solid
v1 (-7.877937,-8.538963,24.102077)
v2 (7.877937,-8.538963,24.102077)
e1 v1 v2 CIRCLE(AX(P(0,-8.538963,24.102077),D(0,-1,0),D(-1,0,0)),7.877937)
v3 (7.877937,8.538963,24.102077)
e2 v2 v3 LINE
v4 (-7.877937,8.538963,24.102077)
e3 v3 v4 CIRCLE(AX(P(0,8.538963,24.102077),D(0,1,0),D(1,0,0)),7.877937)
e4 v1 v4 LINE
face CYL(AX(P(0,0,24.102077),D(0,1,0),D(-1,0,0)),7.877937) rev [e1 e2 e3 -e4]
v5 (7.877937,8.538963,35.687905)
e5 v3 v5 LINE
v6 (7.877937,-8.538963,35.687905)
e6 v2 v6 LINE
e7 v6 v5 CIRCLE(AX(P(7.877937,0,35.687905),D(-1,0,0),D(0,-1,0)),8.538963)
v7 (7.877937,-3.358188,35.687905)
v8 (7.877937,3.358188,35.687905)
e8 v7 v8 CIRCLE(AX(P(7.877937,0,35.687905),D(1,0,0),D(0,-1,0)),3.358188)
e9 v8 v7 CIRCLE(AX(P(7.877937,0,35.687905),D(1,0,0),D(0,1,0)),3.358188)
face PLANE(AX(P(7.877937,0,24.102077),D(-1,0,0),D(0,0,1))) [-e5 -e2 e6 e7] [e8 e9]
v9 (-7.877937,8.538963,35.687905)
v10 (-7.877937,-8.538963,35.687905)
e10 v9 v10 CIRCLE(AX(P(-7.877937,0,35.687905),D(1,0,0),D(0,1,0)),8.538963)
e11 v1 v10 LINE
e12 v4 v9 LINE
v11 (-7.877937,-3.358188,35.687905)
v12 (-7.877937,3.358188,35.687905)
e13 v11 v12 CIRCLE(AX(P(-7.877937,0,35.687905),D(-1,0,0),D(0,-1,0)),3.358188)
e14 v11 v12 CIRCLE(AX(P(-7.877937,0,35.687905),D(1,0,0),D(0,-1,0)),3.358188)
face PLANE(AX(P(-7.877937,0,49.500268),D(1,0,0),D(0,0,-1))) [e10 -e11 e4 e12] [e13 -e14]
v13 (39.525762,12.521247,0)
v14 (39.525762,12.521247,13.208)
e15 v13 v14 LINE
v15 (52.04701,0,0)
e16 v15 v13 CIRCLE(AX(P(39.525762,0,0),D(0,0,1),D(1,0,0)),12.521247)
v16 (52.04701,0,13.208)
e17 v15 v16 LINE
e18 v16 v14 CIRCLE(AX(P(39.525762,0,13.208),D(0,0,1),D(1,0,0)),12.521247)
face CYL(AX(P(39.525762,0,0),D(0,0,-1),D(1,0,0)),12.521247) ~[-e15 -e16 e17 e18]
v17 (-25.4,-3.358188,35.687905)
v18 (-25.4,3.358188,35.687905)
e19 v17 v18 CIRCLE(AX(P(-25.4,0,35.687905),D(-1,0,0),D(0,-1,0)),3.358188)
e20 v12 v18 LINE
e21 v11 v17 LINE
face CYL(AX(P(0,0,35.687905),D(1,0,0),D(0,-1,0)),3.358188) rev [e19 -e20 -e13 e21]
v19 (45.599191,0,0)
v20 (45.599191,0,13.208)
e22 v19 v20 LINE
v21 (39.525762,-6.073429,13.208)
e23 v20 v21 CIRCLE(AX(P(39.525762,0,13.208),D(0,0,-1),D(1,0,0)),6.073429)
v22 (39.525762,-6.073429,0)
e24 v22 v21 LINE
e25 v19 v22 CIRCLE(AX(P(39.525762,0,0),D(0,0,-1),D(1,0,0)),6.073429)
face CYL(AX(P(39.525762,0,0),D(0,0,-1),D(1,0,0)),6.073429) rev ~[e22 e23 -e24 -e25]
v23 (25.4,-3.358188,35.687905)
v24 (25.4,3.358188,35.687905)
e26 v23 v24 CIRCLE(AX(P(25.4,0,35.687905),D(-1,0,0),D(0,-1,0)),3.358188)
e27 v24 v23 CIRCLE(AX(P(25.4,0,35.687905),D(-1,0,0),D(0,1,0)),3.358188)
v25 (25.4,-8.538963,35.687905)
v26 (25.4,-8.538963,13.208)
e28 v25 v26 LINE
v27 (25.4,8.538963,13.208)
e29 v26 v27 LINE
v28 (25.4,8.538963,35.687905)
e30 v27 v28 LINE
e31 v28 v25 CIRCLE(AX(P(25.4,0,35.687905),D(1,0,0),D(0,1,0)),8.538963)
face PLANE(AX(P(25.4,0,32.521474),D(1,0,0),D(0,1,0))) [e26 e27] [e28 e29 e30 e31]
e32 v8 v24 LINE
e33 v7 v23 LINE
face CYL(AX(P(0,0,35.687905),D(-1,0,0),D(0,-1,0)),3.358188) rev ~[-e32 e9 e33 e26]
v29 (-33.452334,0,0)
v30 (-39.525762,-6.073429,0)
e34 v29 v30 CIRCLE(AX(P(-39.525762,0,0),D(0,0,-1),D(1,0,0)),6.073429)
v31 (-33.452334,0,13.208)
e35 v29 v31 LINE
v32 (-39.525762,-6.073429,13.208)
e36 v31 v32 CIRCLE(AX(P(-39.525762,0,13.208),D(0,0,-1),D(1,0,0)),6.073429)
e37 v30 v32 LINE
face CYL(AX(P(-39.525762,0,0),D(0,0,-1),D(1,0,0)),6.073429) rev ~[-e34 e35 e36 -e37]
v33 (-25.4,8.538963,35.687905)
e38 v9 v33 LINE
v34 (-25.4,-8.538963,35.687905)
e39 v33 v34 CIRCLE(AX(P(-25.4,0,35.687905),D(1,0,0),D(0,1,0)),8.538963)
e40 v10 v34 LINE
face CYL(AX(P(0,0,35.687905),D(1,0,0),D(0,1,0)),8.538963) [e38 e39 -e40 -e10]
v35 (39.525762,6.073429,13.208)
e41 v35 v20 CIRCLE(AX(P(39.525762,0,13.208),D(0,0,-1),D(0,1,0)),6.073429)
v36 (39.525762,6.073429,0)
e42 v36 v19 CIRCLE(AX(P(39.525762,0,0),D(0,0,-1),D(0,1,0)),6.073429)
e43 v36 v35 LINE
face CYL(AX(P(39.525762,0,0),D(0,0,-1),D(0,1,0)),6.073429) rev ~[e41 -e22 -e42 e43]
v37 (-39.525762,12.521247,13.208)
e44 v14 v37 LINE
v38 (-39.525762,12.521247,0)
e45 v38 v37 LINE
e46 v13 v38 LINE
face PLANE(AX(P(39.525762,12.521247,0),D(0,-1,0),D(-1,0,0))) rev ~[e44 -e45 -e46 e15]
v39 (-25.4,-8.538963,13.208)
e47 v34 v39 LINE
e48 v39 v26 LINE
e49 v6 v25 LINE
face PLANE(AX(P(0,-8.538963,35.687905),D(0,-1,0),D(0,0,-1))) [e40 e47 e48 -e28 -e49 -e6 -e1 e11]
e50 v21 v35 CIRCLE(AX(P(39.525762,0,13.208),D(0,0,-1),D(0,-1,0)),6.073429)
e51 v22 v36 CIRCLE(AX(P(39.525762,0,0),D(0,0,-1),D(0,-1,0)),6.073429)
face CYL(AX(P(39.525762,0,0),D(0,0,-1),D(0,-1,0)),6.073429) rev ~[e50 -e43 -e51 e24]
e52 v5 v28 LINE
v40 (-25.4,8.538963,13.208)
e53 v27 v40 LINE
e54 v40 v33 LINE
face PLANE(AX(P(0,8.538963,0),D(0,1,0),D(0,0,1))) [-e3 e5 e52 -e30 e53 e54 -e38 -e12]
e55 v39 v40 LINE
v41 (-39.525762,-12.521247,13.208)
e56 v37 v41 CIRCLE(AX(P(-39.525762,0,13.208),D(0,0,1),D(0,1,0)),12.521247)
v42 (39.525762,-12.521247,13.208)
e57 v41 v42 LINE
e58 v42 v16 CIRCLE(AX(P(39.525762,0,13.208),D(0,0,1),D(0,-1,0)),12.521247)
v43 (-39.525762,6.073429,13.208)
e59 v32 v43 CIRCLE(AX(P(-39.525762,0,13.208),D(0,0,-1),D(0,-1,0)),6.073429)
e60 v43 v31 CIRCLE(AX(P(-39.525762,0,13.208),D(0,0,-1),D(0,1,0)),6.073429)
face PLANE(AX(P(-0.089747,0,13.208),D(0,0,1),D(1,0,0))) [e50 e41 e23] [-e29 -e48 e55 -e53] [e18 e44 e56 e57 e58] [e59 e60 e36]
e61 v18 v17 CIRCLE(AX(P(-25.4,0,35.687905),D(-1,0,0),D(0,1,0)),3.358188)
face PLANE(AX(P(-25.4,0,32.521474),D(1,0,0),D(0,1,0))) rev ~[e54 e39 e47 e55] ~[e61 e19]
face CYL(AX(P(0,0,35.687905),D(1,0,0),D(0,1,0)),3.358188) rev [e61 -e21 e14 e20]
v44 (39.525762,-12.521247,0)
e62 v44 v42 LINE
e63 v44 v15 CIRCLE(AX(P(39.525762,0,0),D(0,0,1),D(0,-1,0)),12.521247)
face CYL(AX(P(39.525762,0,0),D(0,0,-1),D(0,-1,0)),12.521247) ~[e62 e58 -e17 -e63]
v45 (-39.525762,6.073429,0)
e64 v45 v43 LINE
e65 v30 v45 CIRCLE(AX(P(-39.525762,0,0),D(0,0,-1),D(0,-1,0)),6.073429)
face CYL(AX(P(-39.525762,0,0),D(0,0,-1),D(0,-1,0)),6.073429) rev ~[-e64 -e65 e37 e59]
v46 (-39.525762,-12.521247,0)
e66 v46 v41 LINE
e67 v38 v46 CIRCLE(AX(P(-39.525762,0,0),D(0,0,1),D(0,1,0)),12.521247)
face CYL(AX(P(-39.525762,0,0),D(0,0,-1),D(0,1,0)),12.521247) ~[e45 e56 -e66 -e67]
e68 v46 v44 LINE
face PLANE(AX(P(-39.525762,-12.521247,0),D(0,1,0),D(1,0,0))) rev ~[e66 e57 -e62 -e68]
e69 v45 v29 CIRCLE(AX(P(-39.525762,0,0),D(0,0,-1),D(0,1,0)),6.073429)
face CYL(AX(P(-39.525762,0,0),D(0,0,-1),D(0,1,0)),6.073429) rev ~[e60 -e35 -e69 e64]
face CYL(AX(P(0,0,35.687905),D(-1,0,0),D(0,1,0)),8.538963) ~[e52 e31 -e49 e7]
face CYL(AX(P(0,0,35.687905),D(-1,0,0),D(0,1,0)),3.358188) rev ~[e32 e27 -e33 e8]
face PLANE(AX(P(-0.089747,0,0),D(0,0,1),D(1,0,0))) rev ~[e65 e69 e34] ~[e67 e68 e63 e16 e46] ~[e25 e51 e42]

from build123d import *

# Parameters (mm, degrees)
F1_DEPTH = 13.208
F3_DEPTH = 25.4
F4_DEPTH = 25.4
F6_DEPTH = 25.4
F7_DEPTH = 25.4


with BuildPart() as f1:
    # F0 (on Top) → F1 (new body)
    with BuildSketch(Plane.XY):
        with BuildLine():
            ThreePointArc((39.5257622004, -12.5212473795), (27.0045148209, 0), (39.5257622004, 12.5212473795))
            Line((39.5257622004, 12.5212473795), (-39.5257622004, 12.5212473795))
            ThreePointArc((-39.5257622004, 12.5212473795), (-30.6719032694, 8.8538589309), (-27.0045148209, 0))
            ThreePointArc((-27.0045148209, 0), (-30.6719032694, -8.8538589309), (-39.5257622004, -12.5212473795))
            Line((-39.5257622004, -12.5212473795), (39.5257622004, -12.5212473795))
        make_face()
        with BuildLine():
            ThreePointArc((52.0470095798, 0), (48.3796211313, 8.8538589309), (39.5257622004, 12.5212473795))
            Line((39.5257622004, 12.5212473795), (39.5257622004, 6.073428591))
            ThreePointArc((39.5257622004, 6.073428591), (43.8203247421, 4.2945625417), (45.5991907913, 0))
            ThreePointArc((45.5991907913, 0), (43.8203247421, -4.2945625417), (39.5257622004, -6.073428591))
            Line((39.5257622004, -6.073428591), (39.5257622004, -12.5212473795))
            ThreePointArc((39.5257622004, -12.5212473795), (48.3796211313, -8.8538589309), (52.0470095798, 0))
        make_face()
        with BuildLine():
            Line((39.5257622004, 6.073428591), (39.5257622004, 12.5212473795))
            ThreePointArc((39.5257622004, 12.5212473795), (27.0045148209, 0), (39.5257622004, -12.5212473795))
            Line((39.5257622004, -12.5212473795), (39.5257622004, -6.073428591))
            ThreePointArc((39.5257622004, -6.073428591), (33.4523336094, 0), (39.5257622004, 6.073428591))
        make_face()
        with BuildLine():
            ThreePointArc((-27.0045148209, 0), (-30.6719032694, 8.8538589309), (-39.5257622004, 12.5212473795))
            Line((-39.5257622004, 12.5212473795), (-39.5257622004, 6.073428591))
            ThreePointArc((-39.5257622004, 6.073428591), (-35.2311996586, 4.2945625417), (-33.4523336094, 0))
            ThreePointArc((-33.4523336094, 0), (-35.2311996586, -4.2945625417), (-39.5257622004, -6.073428591))
            Line((-39.5257622004, -6.073428591), (-39.5257622004, -12.5212473795))
            ThreePointArc((-39.5257622004, -12.5212473795), (-30.6719032694, -8.8538589309), (-27.0045148209, 0))
        make_face()
        with BuildLine():
            Line((-39.5257622004, 6.073428591), (-39.5257622004, 12.5212473795))
            ThreePointArc((-39.5257622004, 12.5212473795), (-52.0470095798, 0), (-39.5257622004, -12.5212473795))
            Line((-39.5257622004, -12.5212473795), (-39.5257622004, -6.073428591))
            ThreePointArc((-39.5257622004, -6.073428591), (-45.5991907913, 0), (-39.5257622004, 6.073428591))
        make_face()
    extrude(amount=F1_DEPTH)

    # F2 (on Right) → F3 (join)
    with BuildSketch(Plane.YZ):
        with BuildLine():
            Line((8.5389625284, 35.6879048049), (3.3581880853, 35.6879048049))
            ThreePointArc((3.3581880853, 35.6879048049), (0, 32.3297167197), (-3.3581880853, 35.6879048049))
            Line((-3.3581880853, 35.6879048049), (-8.5389625284, 35.6879048049))
            ThreePointArc((-8.5389625284, 35.6879048049), (0, 27.1489422766), (8.5389625284, 35.6879048049))
        make_face()
        with BuildLine():
            ThreePointArc((-3.3581880853, 35.6879048049), (0, 39.0460928902), (3.3581880853, 35.6879048049))
            Line((3.3581880853, 35.6879048049), (8.5389625284, 35.6879048049))
            ThreePointArc((8.5389625284, 35.6879048049), (0, 44.2268673333), (-8.5389625284, 35.6879048049))
            Line((-8.5389625284, 35.6879048049), (-3.3581880853, 35.6879048049))
        make_face()
        with BuildLine():
            Line((8.5389625284, 0), (8.5389625284, 35.6879048049))
            ThreePointArc((8.5389625284, 35.6879048049), (0, 27.1489422766), (-8.5389625284, 35.6879048049))
            Line((-8.5389625284, 35.6879048049), (-8.5389625284, 0))
            Line((-8.5389625284, 0), (8.5389625284, 0))
        make_face()
    extrude(amount=F3_DEPTH)

    # F2 (on Right) → F4 (join)
    with BuildSketch(Plane.YZ):
        with BuildLine():
            Line((8.5389625284, 35.6879048049), (3.3581880853, 35.6879048049))
            ThreePointArc((3.3581880853, 35.6879048049), (0, 32.3297167197), (-3.3581880853, 35.6879048049))
            Line((-3.3581880853, 35.6879048049), (-8.5389625284, 35.6879048049))
            ThreePointArc((-8.5389625284, 35.6879048049), (0, 27.1489422766), (8.5389625284, 35.6879048049))
        make_face()
        with BuildLine():
            ThreePointArc((-3.3581880853, 35.6879048049), (0, 39.0460928902), (3.3581880853, 35.6879048049))
            Line((3.3581880853, 35.6879048049), (8.5389625284, 35.6879048049))
            ThreePointArc((8.5389625284, 35.6879048049), (0, 44.2268673333), (-8.5389625284, 35.6879048049))
            Line((-8.5389625284, 35.6879048049), (-3.3581880853, 35.6879048049))
        make_face()
        with BuildLine():
            Line((8.5389625284, 0), (8.5389625284, 35.6879048049))
            ThreePointArc((8.5389625284, 35.6879048049), (0, 27.1489422766), (-8.5389625284, 35.6879048049))
            Line((-8.5389625284, 35.6879048049), (-8.5389625284, 0))
            Line((-8.5389625284, 0), (8.5389625284, 0))
        make_face()
    extrude(amount=-F4_DEPTH)

    # F5 (on Front) → F6 (cut)
    with BuildSketch(Plane.XZ):
        with BuildLine():
            Line((-7.8779369453, 24.1020768881), (7.8779369453, 24.1020768881))
            ThreePointArc((7.8779369453, 24.1020768881), (0, 31.9800138334), (-7.8779369453, 24.1020768881))
        make_face()
        with BuildLine():
            ThreePointArc((-7.8779369453, 24.1020768881), (0, 16.2241399428), (7.8779369453, 24.1020768881))
            Line((7.8779369453, 24.1020768881), (-7.8779369453, 24.1020768881))
        make_face()
        with BuildLine():
            ThreePointArc((-7.8779369453, 24.1020768881), (0, 31.9800138334), (7.8779369453, 24.1020768881))
            Line((7.8779369453, 24.1020768881), (7.8779369453, 49.5002679527))
            Line((7.8779369453, 49.5002679527), (-7.8779369453, 49.5002679527))
            Line((-7.8779369453, 49.5002679527), (-7.8779369453, 24.1020768881))
        make_face()
    extrude(amount=-F6_DEPTH, mode=Mode.SUBTRACT)

    # F5 (on Front) → F7 (cut)
    with BuildSketch(Plane.XZ):
        with BuildLine():
            Line((-7.8779369453, 24.1020768881), (7.8779369453, 24.1020768881))
            ThreePointArc((7.8779369453, 24.1020768881), (0, 31.9800138334), (-7.8779369453, 24.1020768881))
        make_face()
        with BuildLine():
            ThreePointArc((-7.8779369453, 24.1020768881), (0, 16.2241399428), (7.8779369453, 24.1020768881))
            Line((7.8779369453, 24.1020768881), (-7.8779369453, 24.1020768881))
        make_face()
        with BuildLine():
            ThreePointArc((-7.8779369453, 24.1020768881), (0, 31.9800138334), (7.8779369453, 24.1020768881))
            Line((7.8779369453, 24.1020768881), (7.8779369453, 49.5002679527))
            Line((7.8779369453, 49.5002679527), (-7.8779369453, 49.5002679527))
            Line((-7.8779369453, 49.5002679527), (-7.8779369453, 24.1020768881))
        make_face()
    extrude(amount=F7_DEPTH, mode=Mode.SUBTRACT)


solid = f1.part
